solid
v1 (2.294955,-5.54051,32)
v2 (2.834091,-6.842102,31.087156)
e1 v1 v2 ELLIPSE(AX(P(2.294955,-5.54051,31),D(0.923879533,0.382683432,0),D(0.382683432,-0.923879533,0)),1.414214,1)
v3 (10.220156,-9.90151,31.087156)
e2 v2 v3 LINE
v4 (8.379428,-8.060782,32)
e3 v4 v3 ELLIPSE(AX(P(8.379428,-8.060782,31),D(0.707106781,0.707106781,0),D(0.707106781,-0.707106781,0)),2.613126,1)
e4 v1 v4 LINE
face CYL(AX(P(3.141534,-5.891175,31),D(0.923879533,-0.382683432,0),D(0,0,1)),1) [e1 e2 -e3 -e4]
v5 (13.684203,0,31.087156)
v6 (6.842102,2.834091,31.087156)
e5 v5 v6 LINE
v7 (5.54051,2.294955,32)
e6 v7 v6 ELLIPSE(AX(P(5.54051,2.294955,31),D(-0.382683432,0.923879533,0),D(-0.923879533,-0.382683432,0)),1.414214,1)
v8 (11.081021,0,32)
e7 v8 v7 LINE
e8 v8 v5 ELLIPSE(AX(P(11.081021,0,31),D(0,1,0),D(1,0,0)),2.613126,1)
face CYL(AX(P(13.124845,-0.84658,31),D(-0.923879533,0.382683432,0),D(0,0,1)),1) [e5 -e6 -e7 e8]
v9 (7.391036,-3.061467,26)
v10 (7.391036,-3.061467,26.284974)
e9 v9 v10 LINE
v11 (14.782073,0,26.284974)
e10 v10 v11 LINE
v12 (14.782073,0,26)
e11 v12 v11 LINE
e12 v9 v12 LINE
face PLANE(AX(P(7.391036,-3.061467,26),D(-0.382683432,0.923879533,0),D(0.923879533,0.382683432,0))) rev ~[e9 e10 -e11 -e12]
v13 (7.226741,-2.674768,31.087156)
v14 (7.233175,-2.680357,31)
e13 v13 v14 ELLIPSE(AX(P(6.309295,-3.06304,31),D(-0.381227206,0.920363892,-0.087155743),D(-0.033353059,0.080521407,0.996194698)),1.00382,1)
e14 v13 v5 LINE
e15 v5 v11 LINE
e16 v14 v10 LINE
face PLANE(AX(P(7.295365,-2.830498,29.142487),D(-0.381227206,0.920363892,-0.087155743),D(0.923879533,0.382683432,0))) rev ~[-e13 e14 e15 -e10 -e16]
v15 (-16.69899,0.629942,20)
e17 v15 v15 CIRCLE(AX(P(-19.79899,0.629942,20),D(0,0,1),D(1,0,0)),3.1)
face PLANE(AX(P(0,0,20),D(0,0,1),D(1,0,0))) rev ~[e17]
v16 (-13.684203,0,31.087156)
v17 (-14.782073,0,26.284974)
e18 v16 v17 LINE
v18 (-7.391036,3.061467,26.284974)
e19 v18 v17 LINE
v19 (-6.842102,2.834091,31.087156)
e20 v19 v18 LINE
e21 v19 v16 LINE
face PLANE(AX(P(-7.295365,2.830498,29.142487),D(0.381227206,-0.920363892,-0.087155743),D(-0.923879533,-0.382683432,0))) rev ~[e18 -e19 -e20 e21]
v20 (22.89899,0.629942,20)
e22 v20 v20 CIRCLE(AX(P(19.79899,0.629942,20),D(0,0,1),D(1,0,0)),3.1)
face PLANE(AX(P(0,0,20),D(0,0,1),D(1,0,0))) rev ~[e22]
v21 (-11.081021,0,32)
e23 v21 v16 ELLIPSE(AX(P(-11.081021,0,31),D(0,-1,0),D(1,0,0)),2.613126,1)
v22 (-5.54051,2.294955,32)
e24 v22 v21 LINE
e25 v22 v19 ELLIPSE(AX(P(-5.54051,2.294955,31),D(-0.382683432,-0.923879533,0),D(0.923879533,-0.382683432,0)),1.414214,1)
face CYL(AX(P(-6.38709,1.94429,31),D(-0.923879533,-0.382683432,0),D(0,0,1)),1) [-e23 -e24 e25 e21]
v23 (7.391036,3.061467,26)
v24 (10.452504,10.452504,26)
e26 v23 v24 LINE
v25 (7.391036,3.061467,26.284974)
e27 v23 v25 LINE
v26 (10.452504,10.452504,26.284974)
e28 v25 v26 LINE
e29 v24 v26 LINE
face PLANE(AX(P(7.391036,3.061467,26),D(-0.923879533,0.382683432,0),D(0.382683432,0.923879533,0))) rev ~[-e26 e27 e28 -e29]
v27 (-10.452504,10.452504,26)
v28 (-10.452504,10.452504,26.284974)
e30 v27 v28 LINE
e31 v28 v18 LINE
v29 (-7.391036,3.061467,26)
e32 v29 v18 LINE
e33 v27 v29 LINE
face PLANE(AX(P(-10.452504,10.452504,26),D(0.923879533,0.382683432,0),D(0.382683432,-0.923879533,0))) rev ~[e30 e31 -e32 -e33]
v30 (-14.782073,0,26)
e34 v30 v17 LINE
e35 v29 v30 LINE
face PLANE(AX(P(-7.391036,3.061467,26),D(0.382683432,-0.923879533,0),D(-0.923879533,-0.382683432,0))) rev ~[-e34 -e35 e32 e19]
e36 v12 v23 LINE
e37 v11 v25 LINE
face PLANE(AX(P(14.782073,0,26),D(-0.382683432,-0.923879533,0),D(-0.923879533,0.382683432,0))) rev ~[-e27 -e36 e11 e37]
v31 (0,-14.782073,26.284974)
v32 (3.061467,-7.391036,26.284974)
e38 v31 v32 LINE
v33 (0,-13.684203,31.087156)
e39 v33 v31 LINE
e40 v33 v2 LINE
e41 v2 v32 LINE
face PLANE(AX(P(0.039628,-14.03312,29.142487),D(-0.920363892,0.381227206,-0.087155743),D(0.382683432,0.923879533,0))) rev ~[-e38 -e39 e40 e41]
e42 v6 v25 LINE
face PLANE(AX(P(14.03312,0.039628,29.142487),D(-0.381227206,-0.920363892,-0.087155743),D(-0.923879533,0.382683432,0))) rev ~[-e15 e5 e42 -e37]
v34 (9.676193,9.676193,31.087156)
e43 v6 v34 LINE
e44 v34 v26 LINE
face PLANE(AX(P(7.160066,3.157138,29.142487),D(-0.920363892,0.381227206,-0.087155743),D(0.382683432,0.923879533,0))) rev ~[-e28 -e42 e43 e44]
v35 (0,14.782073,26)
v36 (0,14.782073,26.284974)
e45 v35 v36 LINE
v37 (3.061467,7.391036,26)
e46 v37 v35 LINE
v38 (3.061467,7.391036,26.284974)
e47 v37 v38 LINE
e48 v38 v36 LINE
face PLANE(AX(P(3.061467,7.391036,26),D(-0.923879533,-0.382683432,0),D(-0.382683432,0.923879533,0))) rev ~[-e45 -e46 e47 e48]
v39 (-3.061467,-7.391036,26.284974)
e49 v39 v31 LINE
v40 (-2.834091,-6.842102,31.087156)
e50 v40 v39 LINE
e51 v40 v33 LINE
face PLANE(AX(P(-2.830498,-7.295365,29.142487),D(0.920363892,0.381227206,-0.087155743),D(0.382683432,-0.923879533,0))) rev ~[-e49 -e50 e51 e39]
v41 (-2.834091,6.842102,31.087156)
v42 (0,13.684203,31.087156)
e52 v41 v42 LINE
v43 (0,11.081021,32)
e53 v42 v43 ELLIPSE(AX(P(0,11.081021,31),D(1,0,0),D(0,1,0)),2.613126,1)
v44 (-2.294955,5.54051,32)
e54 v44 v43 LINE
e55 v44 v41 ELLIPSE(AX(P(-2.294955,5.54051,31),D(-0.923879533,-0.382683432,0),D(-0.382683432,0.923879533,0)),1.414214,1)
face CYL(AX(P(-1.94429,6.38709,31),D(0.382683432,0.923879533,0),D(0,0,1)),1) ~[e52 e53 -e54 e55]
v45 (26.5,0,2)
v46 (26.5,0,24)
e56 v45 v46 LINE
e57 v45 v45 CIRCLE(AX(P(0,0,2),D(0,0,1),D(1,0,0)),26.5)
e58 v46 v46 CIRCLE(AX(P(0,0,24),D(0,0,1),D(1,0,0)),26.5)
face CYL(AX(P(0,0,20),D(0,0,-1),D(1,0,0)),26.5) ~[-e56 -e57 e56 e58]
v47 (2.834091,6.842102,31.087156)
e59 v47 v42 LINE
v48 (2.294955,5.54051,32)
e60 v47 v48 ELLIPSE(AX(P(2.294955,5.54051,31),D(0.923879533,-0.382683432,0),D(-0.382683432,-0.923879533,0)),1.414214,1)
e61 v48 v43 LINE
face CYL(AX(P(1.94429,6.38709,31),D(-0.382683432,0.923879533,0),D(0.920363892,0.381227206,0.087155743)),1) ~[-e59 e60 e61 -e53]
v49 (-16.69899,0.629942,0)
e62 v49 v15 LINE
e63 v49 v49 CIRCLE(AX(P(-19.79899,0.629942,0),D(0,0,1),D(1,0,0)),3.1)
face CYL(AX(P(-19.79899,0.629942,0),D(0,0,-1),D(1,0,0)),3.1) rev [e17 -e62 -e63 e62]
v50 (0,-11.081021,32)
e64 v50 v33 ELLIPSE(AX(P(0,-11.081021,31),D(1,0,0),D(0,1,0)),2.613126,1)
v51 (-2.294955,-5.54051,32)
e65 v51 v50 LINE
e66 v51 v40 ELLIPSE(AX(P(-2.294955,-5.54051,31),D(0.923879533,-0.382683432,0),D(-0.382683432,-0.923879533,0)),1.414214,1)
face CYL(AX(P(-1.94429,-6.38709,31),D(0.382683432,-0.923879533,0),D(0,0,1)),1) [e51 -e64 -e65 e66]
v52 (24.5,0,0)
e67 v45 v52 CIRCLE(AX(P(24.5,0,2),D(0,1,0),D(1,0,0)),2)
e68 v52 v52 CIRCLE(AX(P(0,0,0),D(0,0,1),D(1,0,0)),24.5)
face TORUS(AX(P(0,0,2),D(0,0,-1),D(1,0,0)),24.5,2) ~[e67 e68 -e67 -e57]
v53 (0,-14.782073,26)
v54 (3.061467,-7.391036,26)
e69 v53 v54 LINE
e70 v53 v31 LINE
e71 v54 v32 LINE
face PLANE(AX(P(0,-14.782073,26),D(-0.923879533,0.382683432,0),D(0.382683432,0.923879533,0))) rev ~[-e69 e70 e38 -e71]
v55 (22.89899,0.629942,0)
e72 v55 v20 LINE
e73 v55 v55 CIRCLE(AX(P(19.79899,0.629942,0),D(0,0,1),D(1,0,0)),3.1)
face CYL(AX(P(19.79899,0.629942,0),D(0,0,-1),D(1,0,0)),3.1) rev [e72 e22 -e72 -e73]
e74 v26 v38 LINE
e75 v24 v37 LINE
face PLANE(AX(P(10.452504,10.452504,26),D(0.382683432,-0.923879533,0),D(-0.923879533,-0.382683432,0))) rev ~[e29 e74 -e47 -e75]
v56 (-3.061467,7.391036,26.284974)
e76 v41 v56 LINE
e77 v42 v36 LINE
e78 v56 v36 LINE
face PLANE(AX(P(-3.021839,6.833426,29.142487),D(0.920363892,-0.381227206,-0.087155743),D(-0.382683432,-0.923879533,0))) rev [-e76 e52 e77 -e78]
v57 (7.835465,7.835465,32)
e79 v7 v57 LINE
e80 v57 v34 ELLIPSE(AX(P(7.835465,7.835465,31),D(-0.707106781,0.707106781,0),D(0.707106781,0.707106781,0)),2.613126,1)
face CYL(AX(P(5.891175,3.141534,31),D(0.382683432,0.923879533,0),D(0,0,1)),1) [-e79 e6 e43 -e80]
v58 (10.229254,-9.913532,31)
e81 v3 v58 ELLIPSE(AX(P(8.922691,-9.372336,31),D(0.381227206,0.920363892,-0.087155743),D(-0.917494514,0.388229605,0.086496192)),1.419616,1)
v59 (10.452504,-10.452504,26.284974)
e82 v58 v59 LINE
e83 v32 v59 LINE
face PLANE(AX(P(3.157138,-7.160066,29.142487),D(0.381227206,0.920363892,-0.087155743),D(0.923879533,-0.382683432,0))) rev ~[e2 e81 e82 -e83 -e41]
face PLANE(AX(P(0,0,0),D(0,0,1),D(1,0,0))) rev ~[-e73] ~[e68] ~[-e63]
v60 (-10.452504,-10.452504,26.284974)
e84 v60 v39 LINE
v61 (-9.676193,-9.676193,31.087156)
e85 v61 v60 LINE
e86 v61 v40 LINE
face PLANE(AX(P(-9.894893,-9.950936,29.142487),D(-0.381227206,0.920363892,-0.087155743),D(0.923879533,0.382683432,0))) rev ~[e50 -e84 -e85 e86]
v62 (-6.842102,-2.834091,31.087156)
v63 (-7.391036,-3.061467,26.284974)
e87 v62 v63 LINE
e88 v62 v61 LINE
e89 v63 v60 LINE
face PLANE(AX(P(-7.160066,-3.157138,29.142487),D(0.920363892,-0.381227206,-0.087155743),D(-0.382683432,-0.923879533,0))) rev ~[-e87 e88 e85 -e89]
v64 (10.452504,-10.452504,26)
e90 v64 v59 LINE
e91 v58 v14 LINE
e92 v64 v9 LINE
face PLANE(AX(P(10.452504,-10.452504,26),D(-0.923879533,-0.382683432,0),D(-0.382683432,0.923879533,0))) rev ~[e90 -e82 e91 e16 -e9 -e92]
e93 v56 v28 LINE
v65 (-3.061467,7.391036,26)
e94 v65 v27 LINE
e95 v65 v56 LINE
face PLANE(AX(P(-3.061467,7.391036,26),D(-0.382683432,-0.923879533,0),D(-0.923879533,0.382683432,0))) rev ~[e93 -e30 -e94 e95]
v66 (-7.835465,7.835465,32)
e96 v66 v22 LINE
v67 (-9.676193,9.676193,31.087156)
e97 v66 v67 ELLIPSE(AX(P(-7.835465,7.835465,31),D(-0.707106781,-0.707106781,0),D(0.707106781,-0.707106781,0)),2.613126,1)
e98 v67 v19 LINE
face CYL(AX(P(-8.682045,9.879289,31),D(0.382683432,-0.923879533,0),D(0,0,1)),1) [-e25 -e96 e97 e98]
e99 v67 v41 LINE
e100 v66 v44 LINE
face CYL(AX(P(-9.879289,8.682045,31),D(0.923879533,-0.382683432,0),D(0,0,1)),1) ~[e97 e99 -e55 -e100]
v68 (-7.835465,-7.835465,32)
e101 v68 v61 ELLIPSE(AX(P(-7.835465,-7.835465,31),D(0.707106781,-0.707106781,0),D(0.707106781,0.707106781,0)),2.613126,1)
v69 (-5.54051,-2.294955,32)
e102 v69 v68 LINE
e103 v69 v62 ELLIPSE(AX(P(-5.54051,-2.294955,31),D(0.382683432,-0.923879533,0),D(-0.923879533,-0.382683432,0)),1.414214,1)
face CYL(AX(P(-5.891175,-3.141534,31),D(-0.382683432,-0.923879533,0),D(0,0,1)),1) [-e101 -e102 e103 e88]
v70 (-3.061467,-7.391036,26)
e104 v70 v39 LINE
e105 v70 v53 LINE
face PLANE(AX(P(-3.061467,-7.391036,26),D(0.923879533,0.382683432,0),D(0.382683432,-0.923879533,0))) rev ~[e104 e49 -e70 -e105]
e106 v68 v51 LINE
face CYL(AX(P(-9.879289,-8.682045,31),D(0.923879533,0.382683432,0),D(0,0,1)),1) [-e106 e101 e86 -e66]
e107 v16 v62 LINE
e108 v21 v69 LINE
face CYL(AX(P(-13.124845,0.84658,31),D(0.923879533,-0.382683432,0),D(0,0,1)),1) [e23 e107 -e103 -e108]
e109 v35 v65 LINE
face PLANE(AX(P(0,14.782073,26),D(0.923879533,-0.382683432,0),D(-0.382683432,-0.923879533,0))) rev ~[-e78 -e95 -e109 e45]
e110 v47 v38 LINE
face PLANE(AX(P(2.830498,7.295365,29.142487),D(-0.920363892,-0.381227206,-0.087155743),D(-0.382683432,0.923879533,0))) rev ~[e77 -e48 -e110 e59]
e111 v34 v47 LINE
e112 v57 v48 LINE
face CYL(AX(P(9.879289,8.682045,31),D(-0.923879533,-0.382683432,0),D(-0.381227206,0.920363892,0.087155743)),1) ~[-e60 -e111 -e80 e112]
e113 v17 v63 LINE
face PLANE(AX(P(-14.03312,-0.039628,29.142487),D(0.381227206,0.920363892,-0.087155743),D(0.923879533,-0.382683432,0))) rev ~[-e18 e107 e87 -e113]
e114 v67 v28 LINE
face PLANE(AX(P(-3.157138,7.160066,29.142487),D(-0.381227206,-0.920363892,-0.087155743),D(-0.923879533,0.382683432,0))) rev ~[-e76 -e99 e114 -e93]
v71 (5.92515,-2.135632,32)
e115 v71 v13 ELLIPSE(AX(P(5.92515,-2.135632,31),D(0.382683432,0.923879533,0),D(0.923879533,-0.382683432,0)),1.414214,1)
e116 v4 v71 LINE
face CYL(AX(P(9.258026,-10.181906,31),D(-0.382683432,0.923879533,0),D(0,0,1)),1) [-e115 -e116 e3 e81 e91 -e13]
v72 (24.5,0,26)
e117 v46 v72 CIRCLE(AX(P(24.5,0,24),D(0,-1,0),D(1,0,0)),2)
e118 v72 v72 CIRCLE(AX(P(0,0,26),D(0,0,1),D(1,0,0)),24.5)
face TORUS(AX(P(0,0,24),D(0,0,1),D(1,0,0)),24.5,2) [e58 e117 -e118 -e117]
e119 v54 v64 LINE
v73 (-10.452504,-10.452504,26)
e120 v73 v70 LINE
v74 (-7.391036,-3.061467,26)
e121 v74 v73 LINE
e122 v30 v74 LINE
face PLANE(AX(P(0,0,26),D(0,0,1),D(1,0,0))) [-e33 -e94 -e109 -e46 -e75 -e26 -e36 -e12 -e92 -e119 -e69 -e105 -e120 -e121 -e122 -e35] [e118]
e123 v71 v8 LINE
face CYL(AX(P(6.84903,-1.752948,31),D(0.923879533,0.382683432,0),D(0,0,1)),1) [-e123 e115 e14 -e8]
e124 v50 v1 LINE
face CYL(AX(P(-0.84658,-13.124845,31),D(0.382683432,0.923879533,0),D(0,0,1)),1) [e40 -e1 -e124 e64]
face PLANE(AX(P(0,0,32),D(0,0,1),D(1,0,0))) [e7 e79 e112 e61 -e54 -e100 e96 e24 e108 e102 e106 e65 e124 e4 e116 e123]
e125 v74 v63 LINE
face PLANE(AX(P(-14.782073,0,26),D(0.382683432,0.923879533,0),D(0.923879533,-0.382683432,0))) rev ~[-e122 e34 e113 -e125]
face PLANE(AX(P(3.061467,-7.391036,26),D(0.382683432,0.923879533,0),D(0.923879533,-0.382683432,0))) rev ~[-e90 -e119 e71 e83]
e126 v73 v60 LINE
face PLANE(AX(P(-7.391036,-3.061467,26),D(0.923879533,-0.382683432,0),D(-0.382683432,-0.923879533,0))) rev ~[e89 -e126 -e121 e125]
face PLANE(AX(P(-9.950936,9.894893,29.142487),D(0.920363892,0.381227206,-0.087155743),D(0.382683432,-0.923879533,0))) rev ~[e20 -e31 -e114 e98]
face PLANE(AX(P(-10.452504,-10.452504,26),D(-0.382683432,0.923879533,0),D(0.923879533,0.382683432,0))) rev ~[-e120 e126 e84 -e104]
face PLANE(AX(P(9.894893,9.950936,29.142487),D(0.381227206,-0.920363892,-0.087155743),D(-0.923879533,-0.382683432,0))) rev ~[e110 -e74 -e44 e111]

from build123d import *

# Parameters (mm, degrees)
F0_R     = 26.5
F0_R_2   = 3.1
F1_DEPTH = 20
F2_R     = 26.5
F3_DEPTH = 6
F4_R     = 2
F6_DEPTH = 6
F7_SIZE2 = 5.7150261514
F7_SIZE  = 0.5
F8_SIZE2 = 5.7150261514
F8_SIZE  = 0.5
F9_R     = 1


with BuildPart() as f1:
    # F0 (on Top) → F1 (new body)
    with BuildSketch(Plane.XY):
        Circle(F0_R)
        with Locations((-19.7989898732, 0.6299423149)):
            Circle(F0_R_2, mode=Mode.SUBTRACT)
        with Locations((19.7989898732, 0.6299423149)):
            Circle(F0_R_2, mode=Mode.SUBTRACT)
    extrude(amount=F1_DEPTH)

    # F2 (on face) → F3 (join)
    with BuildSketch(Plane.XY.offset(20)):
        Circle(F2_R)
    extrude(amount=F3_DEPTH)

    # F4
    f4_edges = [f1.edges().sort_by_distance(p)[0] for p in [
        (-26.5, 0, 26),
        (-26.5, 0, 0),
    ]]
    fillet(f4_edges, radius=F4_R)

    # F5 (on face) → F6 (join)
    with BuildSketch(Plane.XY.offset(26)):
        Polygon((0, 14.7820725202), (-3.0614674589, 7.3910362601), (-10.452503719, 10.452503719), (-7.3910362601, 3.0614674589), (-14.7820725202, 0), (-7.3910362601, -3.0614674589), (-10.452503719, -10.452503719), (-3.0614674589, -7.3910362601), (0, -14.7820725202), (3.0614674589, -7.3910362601), (10.452503719, -10.452503719), (7.3910362601, -3.0614674589), (14.7820725202, 0), (7.3910362601, 3.0614674589), (10.452503719, 10.452503719), (3.0614674589, 7.3910362601), align=None)
    extrude(amount=F6_DEPTH)

    # F7
    f7_edges = [f1.edges().sort_by_distance(p)[0] for p in [
        (6.756986, -8.92177, 32),
        (-1.530734, -11.086554, 32),
        (-8.92177, -6.756986, 32),
        (-11.086554, 1.530734, 32),
        (-6.756986, 8.92177, 32),
        (1.530734, 11.086554, 32),
        (8.92177, 6.756986, 32),
        (11.086554, -1.530734, 32),
    ]]
    f7_side = f1.faces().sort_by_distance((0, 0, 32))[0]
    chamfer(f7_edges, length=F7_SIZE, length2=F7_SIZE2, reference=f7_side)

    # F8
    f8_edges = [f1.edges().sort_by_distance(p)[0] for p in [
        (1.666033, -10.759914, 32),
        (-6.430345, -8.786471, 32),
        (-10.759914, -1.666033, 32),
        (-8.786471, 6.430345, 32),
        (-1.666033, 10.759914, 32),
        (6.430345, 8.786471, 32),
        (10.759914, 1.666033, 32),
    ]]
    f8_side = f1.faces().sort_by_distance((0, 0, 32))[0]
    chamfer(f8_edges, length=F8_SIZE, length2=F8_SIZE2, reference=f8_side)

    # F9
    f9_edges = [f1.edges().sort_by_distance(p)[0] for p in [
        (10.337602, -1.299764, 32),
        (10.337602, 1.299764, 32),
        (7.295365, -2.830498, 32),
        (6.968725, 2.695199, 32),
        (8.786471, -6.430345, 32),
        (6.833426, 3.021839, 32),
        (6.717357, -8.364159, 32),
        (8.22886, 6.390717, 32),
        (3.021839, -6.833426, 32),
        (6.390717, 8.22886, 32),
        (2.695199, -6.968725, 32),
        (3.021839, 6.833426, 32),
        (1.299764, -10.337602, 32),
        (2.695199, 6.968725, 32),
        (-1.299764, -10.337602, 32),
        (1.299764, 10.337602, 32),
        (-2.695199, -6.968725, 32),
        (-1.299764, 10.337602, 32),
        (-3.021839, -6.833426, 32),
        (-2.695199, 6.968725, 32),
        (-6.390717, -8.22886, 32),
        (-3.021839, 6.833426, 32),
        (-8.22886, -6.390717, 32),
        (-6.390717, 8.22886, 32),
        (-6.833426, -3.021839, 32),
        (-8.22886, 6.390717, 32),
        (-6.968725, -2.695199, 32),
        (-6.833426, 3.021839, 32),
        (-10.337602, -1.299764, 32),
        (-6.968725, 2.695199, 32),
        (-10.337602, 1.299764, 32),
    ]]
    fillet(f9_edges, radius=F9_R)


solid = f1.part
